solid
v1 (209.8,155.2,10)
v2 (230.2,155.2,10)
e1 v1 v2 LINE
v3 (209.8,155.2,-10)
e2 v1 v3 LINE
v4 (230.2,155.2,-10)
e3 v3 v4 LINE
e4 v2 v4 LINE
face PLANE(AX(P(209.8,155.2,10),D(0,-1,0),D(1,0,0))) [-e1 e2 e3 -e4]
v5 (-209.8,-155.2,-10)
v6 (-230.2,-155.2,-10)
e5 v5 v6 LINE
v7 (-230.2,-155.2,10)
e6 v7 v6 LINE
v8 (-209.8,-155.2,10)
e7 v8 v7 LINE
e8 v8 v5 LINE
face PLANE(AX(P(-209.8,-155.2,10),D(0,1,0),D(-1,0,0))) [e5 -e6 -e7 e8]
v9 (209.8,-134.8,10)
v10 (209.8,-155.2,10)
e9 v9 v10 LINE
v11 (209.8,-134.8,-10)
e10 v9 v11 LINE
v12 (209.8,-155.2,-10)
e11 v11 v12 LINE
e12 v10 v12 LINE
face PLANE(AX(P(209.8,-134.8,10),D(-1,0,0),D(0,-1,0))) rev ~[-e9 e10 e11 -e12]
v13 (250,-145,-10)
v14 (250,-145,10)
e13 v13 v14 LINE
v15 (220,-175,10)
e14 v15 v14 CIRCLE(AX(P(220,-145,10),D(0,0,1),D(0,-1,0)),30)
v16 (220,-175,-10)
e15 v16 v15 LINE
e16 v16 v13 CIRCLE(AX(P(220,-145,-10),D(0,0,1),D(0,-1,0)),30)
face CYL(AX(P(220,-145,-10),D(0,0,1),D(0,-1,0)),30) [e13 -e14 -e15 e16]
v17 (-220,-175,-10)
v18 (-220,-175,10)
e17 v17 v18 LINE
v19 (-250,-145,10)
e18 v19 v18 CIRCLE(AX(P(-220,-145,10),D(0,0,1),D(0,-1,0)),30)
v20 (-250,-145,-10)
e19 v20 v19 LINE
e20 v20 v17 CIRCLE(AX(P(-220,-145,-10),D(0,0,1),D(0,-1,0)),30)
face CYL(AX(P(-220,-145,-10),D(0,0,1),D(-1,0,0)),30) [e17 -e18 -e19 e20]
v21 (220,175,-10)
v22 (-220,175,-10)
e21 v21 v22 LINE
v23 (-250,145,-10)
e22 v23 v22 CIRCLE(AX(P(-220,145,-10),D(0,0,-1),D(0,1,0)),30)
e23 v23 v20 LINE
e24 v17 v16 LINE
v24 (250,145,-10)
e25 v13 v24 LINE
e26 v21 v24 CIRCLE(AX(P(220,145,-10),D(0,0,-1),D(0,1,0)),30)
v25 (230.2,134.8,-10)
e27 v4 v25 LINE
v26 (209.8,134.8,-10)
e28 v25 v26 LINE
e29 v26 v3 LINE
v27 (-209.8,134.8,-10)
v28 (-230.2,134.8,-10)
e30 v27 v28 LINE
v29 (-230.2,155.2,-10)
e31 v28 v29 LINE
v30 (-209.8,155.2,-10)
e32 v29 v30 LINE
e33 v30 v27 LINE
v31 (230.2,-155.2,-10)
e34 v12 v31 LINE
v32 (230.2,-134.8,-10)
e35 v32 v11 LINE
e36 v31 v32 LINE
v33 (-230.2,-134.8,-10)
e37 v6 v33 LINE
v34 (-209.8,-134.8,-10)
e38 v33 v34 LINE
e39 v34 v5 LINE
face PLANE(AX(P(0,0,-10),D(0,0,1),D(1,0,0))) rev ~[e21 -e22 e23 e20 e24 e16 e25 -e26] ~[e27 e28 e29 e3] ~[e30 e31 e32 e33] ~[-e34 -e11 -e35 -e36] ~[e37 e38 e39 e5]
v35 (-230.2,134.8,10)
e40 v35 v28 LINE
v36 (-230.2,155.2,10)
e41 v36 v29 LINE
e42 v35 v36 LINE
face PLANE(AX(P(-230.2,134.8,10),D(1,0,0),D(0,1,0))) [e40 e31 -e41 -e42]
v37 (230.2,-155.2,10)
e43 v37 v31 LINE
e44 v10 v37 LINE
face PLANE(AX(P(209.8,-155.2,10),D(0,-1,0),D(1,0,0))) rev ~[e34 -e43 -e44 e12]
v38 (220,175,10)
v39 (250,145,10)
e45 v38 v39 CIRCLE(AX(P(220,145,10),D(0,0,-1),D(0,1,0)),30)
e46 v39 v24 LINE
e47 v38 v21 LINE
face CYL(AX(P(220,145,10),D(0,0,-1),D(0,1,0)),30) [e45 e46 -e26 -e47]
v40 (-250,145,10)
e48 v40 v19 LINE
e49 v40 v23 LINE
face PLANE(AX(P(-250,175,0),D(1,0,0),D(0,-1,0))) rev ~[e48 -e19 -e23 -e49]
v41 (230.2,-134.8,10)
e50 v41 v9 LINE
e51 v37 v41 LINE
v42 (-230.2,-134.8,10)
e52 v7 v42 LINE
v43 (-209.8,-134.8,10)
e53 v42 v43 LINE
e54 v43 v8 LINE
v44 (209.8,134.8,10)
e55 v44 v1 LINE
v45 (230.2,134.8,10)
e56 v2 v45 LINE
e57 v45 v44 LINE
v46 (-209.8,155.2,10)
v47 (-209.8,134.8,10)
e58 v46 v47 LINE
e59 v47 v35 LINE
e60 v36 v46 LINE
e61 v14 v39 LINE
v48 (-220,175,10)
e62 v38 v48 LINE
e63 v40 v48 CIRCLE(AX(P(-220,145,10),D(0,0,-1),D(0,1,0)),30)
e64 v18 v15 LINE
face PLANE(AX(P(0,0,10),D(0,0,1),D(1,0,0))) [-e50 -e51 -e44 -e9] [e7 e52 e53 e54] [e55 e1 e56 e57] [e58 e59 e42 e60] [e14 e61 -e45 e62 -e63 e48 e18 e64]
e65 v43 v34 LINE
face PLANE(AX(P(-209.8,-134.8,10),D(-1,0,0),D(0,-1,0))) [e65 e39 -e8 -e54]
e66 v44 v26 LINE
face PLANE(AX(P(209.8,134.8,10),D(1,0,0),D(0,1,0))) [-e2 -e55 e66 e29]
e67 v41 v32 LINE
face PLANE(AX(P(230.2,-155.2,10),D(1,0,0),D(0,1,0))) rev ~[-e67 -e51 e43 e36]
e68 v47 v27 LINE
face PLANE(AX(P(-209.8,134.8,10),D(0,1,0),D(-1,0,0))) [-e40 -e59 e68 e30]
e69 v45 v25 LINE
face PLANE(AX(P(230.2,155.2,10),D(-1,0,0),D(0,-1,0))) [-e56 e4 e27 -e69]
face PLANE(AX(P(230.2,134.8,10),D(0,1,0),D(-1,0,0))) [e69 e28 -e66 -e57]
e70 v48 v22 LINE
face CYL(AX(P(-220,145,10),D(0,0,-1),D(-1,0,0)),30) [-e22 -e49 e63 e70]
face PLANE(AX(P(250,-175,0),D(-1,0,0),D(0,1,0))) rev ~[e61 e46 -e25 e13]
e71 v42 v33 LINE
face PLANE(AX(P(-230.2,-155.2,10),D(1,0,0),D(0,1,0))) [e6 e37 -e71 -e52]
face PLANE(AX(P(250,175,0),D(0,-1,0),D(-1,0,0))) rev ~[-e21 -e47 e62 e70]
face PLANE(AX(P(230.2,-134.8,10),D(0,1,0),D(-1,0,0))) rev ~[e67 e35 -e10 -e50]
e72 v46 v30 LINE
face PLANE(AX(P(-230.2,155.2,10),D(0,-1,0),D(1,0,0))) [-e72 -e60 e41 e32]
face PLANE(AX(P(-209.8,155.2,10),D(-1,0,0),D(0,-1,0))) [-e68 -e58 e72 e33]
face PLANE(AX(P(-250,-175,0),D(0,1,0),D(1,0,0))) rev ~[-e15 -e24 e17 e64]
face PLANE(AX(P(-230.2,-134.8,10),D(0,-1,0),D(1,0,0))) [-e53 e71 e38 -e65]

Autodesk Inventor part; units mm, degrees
sketch "Esboço1" plane through (0, 0, 0) normal (0, 0, 1) x (1, 0, 0)
  line L0 (-250, -175) -> (250, -175)
  line L1 (250, -175) -> (250, 175)
  line L2 (250, 175) -> (-250, 175)
  line L3 (-250, 175) -> (-250, -175)
  line L4 (-250, -175) -> (250, 175) construction
  line L5 (250, -175) -> (-250, 175) construction
  point P0 (0, 0)
  dimension "d0" = 500
  dimension "d1" = 350
extrude "Extrusão1" add sketch "Esboço1" along normal mid plane 20
fillet "Arredondamento1" radius 30 4 edges at (-250, 175, 0) (250, 175, 0) (250, -175, 0) (-250, -175, 0)
sketch "Esboço2" plane through (0, 0, 10) normal (0, 0, 1) x (1, 0, 0)
  line L0 (230, 135) -> (230, 155) projected
  line L1 (230, 155) -> (210, 155) projected
  line L2 (210, 155) -> (210, 135) projected
  line L3 (210, 135) -> (230, 135) projected
  line L4 (212, 137) -> (212, 153) projected
  line L5 (212, 153) -> (228, 153) projected
  line L6 (228, 153) -> (228, 137) projected
  line L7 (228, 137) -> (212, 137) projected
  line L8 (209.8, 155.2) -> (230.2, 155.2)
  line L9 (230.2, 155.2) -> (230.2, 134.8)
  line L10 (230.2, 134.8) -> (209.8, 134.8)
  line L11 (209.8, 134.8) -> (209.8, 155.2)
  line L12 (-210, 135) -> (-210, 155) projected
  line L13 (-210, 155) -> (-230, 155) projected
  line L14 (-230, 155) -> (-230, 135) projected
  line L15 (-230, 135) -> (-210, 135) projected
  line L16 (-228, 137) -> (-228, 153) projected
  line L17 (-228, 153) -> (-212, 153) projected
  line L18 (-212, 153) -> (-212, 137) projected
  line L19 (-212, 137) -> (-228, 137) projected
  line L20 (-210, -155) -> (-210, -135) projected
  line L21 (-210, -135) -> (-230, -135) projected
  line L22 (-230, -135) -> (-230, -155) projected
  line L23 (-230, -155) -> (-210, -155) projected
  line L24 (-228, -153) -> (-228, -137) projected
  line L25 (-228, -137) -> (-212, -137) projected
  line L26 (-212, -137) -> (-212, -153) projected
  line L27 (-212, -153) -> (-228, -153) projected
  line L28 (230, -135) -> (230, -155) projected
  line L29 (230, -155) -> (210, -155) projected
  line L30 (210, -155) -> (210, -135) projected
  line L31 (210, -135) -> (230, -135) projected
  line L32 (212, -137) -> (212, -153) projected
  line L33 (212, -153) -> (228, -153) projected
  line L34 (228, -153) -> (228, -137) projected
  line L35 (228, -137) -> (212, -137) projected
  line L36 (-230.2, 155.2) -> (-209.8, 155.2)
  line L37 (-209.8, 155.2) -> (-209.8, 134.8)
  line L38 (-209.8, 134.8) -> (-230.2, 134.8)
  line L39 (-230.2, 134.8) -> (-230.2, 155.2)
  line L40 (-230.2, -134.8) -> (-209.8, -134.8)
  line L41 (-209.8, -134.8) -> (-209.8, -155.2)
  line L42 (-209.8, -155.2) -> (-230.2, -155.2)
  line L43 (-230.2, -155.2) -> (-230.2, -134.8)
  line L44 (230.2, -155.2) -> (230.2, -134.8)
  line L45 (230.2, -134.8) -> (209.8, -134.8)
  line L46 (209.8, -134.8) -> (209.8, -155.2)
  line L47 (209.8, -155.2) -> (230.2, -155.2)
  point P0 (0, 0)
  dimension "d5" = 0.2
  dimension "d6" = 0.2
  dimension "d7" = 0.2
  dimension "d8" = 0.2
extrude "Extrusão2" cut sketch "Esboço2" against normal blind 20 contours L3 L2 L1 L0 | L4 L5 L6 L7 | L8 L9 L10 L11 | L15 L14 L13 L12 | L16 L17 L18 L19 | L23 L22 L21 L20 | L24 L25 L26 L27 | L28 L29 L30 L31 | L35 L34 L33 L32 | L36 L37 L38 L39 | L40 L41 L42 L43 | L47 L46 L45 L44
properties part number "Sessao8_07_04_2025_0001_0001" material "Ouro"
